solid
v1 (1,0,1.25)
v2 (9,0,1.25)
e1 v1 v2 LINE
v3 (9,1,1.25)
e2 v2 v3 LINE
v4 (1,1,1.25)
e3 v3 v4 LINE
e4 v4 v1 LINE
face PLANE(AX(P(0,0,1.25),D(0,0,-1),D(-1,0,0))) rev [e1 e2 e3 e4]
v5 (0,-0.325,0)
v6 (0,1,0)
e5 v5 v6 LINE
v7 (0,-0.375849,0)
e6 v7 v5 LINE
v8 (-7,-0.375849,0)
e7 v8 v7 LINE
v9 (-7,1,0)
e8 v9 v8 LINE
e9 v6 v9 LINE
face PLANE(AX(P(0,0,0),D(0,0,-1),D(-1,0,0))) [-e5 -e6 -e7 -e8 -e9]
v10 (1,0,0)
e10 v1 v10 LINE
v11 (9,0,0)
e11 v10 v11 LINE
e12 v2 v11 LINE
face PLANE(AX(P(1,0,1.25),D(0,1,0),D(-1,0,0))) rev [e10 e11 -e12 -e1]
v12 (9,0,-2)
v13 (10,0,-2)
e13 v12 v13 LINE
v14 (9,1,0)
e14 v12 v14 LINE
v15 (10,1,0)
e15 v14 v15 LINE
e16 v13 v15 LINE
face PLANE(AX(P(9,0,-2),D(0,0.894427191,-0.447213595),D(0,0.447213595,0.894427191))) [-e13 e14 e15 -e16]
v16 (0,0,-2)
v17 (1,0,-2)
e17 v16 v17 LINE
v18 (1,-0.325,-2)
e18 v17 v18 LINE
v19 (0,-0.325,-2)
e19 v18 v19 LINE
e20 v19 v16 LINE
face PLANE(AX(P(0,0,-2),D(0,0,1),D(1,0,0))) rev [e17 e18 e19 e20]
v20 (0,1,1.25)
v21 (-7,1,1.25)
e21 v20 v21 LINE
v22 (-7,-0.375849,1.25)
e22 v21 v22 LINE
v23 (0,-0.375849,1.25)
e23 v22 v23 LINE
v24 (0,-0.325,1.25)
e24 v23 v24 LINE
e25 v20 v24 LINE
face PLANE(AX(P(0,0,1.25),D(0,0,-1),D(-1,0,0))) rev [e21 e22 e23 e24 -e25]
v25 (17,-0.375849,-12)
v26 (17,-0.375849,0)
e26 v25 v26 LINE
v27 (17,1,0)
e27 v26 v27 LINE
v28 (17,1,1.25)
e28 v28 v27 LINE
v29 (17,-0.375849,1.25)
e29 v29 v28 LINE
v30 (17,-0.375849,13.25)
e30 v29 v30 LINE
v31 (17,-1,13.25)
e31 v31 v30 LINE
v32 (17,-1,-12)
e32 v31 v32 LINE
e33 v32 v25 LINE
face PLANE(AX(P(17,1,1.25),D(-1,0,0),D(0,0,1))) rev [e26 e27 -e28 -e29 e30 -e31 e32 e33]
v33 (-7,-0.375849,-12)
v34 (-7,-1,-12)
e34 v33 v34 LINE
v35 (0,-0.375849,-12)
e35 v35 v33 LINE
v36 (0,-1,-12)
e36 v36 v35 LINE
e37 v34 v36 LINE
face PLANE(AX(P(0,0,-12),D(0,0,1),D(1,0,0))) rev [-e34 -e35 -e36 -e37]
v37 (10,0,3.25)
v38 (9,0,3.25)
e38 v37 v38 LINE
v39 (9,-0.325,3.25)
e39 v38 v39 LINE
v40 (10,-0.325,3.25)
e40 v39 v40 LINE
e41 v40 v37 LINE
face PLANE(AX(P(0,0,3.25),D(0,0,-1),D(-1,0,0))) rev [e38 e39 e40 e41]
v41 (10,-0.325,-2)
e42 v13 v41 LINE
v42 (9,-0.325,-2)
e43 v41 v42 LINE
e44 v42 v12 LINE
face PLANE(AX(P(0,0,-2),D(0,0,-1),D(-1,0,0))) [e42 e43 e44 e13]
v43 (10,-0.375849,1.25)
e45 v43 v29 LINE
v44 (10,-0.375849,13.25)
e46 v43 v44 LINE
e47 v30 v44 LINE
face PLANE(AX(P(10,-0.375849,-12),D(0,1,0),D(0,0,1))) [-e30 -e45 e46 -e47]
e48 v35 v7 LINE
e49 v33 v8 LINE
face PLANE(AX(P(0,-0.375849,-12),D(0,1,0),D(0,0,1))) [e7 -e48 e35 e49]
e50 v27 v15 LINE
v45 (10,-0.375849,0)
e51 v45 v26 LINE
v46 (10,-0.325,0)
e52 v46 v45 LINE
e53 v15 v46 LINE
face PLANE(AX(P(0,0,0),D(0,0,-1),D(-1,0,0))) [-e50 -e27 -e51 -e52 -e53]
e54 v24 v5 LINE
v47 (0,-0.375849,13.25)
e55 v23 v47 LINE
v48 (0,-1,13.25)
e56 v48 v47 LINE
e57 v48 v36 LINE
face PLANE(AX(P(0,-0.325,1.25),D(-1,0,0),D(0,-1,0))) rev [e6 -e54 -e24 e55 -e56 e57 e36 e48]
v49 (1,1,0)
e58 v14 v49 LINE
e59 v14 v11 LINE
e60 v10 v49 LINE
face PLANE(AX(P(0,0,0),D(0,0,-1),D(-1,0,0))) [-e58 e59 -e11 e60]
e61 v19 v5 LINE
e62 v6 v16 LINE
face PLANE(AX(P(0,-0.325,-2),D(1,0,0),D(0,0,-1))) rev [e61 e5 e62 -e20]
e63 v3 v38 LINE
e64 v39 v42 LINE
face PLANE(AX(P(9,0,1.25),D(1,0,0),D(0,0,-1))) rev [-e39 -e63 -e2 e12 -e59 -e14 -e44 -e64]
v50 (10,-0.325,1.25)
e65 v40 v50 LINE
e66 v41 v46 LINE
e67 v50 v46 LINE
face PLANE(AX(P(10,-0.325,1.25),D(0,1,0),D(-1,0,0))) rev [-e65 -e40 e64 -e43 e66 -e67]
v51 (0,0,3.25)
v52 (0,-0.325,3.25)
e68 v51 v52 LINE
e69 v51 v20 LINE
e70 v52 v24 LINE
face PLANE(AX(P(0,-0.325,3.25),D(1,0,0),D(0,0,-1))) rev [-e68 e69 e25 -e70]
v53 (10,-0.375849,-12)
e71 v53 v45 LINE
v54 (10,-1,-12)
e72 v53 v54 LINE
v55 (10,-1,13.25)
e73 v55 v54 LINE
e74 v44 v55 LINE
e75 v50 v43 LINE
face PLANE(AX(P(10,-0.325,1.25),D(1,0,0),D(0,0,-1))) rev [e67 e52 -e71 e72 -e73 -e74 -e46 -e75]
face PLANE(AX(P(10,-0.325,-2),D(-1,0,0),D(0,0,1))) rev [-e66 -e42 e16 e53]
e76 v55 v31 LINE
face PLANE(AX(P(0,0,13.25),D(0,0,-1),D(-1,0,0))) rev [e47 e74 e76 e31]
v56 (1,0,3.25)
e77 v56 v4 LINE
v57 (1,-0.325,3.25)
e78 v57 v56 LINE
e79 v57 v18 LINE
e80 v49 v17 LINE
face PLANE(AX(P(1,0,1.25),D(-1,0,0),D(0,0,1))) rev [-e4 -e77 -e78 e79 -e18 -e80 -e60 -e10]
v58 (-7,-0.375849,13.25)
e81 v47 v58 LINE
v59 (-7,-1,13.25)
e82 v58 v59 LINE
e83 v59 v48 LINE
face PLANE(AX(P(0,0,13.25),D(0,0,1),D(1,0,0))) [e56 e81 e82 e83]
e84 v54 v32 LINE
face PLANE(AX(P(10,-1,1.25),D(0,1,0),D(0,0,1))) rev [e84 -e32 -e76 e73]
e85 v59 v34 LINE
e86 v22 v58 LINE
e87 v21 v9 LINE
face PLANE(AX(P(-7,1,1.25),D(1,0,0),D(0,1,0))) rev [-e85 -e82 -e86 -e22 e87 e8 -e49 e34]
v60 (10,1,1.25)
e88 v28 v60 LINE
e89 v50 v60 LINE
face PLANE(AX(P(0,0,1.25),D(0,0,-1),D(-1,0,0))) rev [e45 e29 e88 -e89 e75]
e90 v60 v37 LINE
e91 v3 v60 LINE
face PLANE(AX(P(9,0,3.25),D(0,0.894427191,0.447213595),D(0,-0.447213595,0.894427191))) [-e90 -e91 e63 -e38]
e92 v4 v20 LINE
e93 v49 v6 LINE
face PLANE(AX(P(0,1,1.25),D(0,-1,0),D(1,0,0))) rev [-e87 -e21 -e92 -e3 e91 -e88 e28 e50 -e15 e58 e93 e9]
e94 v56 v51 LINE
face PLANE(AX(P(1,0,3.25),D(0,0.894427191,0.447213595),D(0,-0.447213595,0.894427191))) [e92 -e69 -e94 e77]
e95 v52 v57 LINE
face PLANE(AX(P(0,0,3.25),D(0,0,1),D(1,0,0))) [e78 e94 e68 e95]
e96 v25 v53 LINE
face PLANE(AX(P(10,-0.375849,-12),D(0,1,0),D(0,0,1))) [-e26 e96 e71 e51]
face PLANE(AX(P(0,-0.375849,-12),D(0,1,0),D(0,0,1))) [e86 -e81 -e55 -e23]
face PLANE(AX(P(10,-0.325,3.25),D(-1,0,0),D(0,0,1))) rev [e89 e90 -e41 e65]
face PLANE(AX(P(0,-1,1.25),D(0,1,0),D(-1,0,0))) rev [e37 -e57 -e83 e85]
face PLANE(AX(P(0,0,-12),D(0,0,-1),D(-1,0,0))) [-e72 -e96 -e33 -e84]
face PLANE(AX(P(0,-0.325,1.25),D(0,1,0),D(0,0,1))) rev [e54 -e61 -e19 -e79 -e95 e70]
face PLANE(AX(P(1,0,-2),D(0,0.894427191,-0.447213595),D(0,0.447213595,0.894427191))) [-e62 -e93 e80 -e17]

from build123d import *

# Parameters (mm, degrees)
BOSS_EXTRUDE1_DEPTH      = 1.25
SKETCH2_W                = 1
SKETCH2_H                = 0.325
BOSS_EXTRUDE2_DEPTH      = 2
SKETCH3_W                = 1
SKETCH3_H                = 0.325
BOSS_EXTRUDE3_DEPTH      = 2
BOSS_EXTRUDE7_DEPTH      = 1
BOSS_EXTRUDE8_DEPTH      = 1
SKETCH9_W                = 7
SKETCH9_H                = 0.624150965
BOSS_EXTRUDE9_DEPTH      = 12
BOSS_EXTRUDE9_DEPTH_BACK = 13.25


with BuildPart() as part:
    # Sketch1 → Boss-Extrude1 (new body)
    with BuildSketch(Plane.XY):
        Polygon((1, 0), (9, 0), (9, -0.325), (10, -0.325), (10, -1), (17, -1), (17, 1), (10, 1), (0, 1), (-7, 1), (-7, -1), (0, -1), (0, -0.325), (1, -0.325), align=None)
    extrude(amount=BOSS_EXTRUDE1_DEPTH)

    # Sketch2 → Boss-Extrude2 (add)
    with BuildSketch(Plane.XY.offset(1.25)):
        with Locations((0.5, -0.1625)):
            Rectangle(SKETCH2_W, SKETCH2_H)
        with Locations((9.5, -0.1625)):
            Rectangle(SKETCH2_W, SKETCH2_H)
    extrude(amount=BOSS_EXTRUDE2_DEPTH)

    # Sketch3 → Boss-Extrude3 (add)
    with BuildSketch(Plane(origin=(0, 0, 0), x_dir=(-1, 0, 0), z_dir=(0, 0, -1))):
        with Locations((-9.5, -0.1625)):
            Rectangle(SKETCH3_W, SKETCH3_H)
        with Locations((-0.5, -0.1625)):
            Rectangle(SKETCH3_W, SKETCH3_H)
    extrude(amount=BOSS_EXTRUDE3_DEPTH)

    # Sketch7 → Boss-Extrude7 (add)
    with BuildSketch(Plane(origin=(10, 0, 0), x_dir=(0, 0, -1), z_dir=(1, 0, 0))):
        Polygon((-3.25, 0), (-1.25, 1), (-1.25, 0), (-1.25, -0.325), (-3.25, -0.325), align=None)
        Polygon((2, 0), (0, 1), (0, 0), align=None)
    extrude(amount=-BOSS_EXTRUDE7_DEPTH)

    # Sketch8 → Boss-Extrude8 (add)
    with BuildSketch(Plane.ZY):
        Polygon((-2, 0), (0, 1), (0, 0), align=None)
        Polygon((1.25, 1), (1.25, 0), (3.25, 0), align=None)
    extrude(amount=-BOSS_EXTRUDE8_DEPTH)

    # Sketch9 → Boss-Extrude9 (add, two sides)
    with BuildSketch(Plane.XY.offset(1.25)) as boss_extrude9_sk:
        with Locations((-3.5, -0.687924517)):
            Rectangle(SKETCH9_W, SKETCH9_H)
        with Locations((13.5, -0.687924517)):
            Rectangle(SKETCH9_W, SKETCH9_H)
    extrude(amount=BOSS_EXTRUDE9_DEPTH)
    extrude(boss_extrude9_sk.sketch, amount=-BOSS_EXTRUDE9_DEPTH_BACK)


solid = part.part
